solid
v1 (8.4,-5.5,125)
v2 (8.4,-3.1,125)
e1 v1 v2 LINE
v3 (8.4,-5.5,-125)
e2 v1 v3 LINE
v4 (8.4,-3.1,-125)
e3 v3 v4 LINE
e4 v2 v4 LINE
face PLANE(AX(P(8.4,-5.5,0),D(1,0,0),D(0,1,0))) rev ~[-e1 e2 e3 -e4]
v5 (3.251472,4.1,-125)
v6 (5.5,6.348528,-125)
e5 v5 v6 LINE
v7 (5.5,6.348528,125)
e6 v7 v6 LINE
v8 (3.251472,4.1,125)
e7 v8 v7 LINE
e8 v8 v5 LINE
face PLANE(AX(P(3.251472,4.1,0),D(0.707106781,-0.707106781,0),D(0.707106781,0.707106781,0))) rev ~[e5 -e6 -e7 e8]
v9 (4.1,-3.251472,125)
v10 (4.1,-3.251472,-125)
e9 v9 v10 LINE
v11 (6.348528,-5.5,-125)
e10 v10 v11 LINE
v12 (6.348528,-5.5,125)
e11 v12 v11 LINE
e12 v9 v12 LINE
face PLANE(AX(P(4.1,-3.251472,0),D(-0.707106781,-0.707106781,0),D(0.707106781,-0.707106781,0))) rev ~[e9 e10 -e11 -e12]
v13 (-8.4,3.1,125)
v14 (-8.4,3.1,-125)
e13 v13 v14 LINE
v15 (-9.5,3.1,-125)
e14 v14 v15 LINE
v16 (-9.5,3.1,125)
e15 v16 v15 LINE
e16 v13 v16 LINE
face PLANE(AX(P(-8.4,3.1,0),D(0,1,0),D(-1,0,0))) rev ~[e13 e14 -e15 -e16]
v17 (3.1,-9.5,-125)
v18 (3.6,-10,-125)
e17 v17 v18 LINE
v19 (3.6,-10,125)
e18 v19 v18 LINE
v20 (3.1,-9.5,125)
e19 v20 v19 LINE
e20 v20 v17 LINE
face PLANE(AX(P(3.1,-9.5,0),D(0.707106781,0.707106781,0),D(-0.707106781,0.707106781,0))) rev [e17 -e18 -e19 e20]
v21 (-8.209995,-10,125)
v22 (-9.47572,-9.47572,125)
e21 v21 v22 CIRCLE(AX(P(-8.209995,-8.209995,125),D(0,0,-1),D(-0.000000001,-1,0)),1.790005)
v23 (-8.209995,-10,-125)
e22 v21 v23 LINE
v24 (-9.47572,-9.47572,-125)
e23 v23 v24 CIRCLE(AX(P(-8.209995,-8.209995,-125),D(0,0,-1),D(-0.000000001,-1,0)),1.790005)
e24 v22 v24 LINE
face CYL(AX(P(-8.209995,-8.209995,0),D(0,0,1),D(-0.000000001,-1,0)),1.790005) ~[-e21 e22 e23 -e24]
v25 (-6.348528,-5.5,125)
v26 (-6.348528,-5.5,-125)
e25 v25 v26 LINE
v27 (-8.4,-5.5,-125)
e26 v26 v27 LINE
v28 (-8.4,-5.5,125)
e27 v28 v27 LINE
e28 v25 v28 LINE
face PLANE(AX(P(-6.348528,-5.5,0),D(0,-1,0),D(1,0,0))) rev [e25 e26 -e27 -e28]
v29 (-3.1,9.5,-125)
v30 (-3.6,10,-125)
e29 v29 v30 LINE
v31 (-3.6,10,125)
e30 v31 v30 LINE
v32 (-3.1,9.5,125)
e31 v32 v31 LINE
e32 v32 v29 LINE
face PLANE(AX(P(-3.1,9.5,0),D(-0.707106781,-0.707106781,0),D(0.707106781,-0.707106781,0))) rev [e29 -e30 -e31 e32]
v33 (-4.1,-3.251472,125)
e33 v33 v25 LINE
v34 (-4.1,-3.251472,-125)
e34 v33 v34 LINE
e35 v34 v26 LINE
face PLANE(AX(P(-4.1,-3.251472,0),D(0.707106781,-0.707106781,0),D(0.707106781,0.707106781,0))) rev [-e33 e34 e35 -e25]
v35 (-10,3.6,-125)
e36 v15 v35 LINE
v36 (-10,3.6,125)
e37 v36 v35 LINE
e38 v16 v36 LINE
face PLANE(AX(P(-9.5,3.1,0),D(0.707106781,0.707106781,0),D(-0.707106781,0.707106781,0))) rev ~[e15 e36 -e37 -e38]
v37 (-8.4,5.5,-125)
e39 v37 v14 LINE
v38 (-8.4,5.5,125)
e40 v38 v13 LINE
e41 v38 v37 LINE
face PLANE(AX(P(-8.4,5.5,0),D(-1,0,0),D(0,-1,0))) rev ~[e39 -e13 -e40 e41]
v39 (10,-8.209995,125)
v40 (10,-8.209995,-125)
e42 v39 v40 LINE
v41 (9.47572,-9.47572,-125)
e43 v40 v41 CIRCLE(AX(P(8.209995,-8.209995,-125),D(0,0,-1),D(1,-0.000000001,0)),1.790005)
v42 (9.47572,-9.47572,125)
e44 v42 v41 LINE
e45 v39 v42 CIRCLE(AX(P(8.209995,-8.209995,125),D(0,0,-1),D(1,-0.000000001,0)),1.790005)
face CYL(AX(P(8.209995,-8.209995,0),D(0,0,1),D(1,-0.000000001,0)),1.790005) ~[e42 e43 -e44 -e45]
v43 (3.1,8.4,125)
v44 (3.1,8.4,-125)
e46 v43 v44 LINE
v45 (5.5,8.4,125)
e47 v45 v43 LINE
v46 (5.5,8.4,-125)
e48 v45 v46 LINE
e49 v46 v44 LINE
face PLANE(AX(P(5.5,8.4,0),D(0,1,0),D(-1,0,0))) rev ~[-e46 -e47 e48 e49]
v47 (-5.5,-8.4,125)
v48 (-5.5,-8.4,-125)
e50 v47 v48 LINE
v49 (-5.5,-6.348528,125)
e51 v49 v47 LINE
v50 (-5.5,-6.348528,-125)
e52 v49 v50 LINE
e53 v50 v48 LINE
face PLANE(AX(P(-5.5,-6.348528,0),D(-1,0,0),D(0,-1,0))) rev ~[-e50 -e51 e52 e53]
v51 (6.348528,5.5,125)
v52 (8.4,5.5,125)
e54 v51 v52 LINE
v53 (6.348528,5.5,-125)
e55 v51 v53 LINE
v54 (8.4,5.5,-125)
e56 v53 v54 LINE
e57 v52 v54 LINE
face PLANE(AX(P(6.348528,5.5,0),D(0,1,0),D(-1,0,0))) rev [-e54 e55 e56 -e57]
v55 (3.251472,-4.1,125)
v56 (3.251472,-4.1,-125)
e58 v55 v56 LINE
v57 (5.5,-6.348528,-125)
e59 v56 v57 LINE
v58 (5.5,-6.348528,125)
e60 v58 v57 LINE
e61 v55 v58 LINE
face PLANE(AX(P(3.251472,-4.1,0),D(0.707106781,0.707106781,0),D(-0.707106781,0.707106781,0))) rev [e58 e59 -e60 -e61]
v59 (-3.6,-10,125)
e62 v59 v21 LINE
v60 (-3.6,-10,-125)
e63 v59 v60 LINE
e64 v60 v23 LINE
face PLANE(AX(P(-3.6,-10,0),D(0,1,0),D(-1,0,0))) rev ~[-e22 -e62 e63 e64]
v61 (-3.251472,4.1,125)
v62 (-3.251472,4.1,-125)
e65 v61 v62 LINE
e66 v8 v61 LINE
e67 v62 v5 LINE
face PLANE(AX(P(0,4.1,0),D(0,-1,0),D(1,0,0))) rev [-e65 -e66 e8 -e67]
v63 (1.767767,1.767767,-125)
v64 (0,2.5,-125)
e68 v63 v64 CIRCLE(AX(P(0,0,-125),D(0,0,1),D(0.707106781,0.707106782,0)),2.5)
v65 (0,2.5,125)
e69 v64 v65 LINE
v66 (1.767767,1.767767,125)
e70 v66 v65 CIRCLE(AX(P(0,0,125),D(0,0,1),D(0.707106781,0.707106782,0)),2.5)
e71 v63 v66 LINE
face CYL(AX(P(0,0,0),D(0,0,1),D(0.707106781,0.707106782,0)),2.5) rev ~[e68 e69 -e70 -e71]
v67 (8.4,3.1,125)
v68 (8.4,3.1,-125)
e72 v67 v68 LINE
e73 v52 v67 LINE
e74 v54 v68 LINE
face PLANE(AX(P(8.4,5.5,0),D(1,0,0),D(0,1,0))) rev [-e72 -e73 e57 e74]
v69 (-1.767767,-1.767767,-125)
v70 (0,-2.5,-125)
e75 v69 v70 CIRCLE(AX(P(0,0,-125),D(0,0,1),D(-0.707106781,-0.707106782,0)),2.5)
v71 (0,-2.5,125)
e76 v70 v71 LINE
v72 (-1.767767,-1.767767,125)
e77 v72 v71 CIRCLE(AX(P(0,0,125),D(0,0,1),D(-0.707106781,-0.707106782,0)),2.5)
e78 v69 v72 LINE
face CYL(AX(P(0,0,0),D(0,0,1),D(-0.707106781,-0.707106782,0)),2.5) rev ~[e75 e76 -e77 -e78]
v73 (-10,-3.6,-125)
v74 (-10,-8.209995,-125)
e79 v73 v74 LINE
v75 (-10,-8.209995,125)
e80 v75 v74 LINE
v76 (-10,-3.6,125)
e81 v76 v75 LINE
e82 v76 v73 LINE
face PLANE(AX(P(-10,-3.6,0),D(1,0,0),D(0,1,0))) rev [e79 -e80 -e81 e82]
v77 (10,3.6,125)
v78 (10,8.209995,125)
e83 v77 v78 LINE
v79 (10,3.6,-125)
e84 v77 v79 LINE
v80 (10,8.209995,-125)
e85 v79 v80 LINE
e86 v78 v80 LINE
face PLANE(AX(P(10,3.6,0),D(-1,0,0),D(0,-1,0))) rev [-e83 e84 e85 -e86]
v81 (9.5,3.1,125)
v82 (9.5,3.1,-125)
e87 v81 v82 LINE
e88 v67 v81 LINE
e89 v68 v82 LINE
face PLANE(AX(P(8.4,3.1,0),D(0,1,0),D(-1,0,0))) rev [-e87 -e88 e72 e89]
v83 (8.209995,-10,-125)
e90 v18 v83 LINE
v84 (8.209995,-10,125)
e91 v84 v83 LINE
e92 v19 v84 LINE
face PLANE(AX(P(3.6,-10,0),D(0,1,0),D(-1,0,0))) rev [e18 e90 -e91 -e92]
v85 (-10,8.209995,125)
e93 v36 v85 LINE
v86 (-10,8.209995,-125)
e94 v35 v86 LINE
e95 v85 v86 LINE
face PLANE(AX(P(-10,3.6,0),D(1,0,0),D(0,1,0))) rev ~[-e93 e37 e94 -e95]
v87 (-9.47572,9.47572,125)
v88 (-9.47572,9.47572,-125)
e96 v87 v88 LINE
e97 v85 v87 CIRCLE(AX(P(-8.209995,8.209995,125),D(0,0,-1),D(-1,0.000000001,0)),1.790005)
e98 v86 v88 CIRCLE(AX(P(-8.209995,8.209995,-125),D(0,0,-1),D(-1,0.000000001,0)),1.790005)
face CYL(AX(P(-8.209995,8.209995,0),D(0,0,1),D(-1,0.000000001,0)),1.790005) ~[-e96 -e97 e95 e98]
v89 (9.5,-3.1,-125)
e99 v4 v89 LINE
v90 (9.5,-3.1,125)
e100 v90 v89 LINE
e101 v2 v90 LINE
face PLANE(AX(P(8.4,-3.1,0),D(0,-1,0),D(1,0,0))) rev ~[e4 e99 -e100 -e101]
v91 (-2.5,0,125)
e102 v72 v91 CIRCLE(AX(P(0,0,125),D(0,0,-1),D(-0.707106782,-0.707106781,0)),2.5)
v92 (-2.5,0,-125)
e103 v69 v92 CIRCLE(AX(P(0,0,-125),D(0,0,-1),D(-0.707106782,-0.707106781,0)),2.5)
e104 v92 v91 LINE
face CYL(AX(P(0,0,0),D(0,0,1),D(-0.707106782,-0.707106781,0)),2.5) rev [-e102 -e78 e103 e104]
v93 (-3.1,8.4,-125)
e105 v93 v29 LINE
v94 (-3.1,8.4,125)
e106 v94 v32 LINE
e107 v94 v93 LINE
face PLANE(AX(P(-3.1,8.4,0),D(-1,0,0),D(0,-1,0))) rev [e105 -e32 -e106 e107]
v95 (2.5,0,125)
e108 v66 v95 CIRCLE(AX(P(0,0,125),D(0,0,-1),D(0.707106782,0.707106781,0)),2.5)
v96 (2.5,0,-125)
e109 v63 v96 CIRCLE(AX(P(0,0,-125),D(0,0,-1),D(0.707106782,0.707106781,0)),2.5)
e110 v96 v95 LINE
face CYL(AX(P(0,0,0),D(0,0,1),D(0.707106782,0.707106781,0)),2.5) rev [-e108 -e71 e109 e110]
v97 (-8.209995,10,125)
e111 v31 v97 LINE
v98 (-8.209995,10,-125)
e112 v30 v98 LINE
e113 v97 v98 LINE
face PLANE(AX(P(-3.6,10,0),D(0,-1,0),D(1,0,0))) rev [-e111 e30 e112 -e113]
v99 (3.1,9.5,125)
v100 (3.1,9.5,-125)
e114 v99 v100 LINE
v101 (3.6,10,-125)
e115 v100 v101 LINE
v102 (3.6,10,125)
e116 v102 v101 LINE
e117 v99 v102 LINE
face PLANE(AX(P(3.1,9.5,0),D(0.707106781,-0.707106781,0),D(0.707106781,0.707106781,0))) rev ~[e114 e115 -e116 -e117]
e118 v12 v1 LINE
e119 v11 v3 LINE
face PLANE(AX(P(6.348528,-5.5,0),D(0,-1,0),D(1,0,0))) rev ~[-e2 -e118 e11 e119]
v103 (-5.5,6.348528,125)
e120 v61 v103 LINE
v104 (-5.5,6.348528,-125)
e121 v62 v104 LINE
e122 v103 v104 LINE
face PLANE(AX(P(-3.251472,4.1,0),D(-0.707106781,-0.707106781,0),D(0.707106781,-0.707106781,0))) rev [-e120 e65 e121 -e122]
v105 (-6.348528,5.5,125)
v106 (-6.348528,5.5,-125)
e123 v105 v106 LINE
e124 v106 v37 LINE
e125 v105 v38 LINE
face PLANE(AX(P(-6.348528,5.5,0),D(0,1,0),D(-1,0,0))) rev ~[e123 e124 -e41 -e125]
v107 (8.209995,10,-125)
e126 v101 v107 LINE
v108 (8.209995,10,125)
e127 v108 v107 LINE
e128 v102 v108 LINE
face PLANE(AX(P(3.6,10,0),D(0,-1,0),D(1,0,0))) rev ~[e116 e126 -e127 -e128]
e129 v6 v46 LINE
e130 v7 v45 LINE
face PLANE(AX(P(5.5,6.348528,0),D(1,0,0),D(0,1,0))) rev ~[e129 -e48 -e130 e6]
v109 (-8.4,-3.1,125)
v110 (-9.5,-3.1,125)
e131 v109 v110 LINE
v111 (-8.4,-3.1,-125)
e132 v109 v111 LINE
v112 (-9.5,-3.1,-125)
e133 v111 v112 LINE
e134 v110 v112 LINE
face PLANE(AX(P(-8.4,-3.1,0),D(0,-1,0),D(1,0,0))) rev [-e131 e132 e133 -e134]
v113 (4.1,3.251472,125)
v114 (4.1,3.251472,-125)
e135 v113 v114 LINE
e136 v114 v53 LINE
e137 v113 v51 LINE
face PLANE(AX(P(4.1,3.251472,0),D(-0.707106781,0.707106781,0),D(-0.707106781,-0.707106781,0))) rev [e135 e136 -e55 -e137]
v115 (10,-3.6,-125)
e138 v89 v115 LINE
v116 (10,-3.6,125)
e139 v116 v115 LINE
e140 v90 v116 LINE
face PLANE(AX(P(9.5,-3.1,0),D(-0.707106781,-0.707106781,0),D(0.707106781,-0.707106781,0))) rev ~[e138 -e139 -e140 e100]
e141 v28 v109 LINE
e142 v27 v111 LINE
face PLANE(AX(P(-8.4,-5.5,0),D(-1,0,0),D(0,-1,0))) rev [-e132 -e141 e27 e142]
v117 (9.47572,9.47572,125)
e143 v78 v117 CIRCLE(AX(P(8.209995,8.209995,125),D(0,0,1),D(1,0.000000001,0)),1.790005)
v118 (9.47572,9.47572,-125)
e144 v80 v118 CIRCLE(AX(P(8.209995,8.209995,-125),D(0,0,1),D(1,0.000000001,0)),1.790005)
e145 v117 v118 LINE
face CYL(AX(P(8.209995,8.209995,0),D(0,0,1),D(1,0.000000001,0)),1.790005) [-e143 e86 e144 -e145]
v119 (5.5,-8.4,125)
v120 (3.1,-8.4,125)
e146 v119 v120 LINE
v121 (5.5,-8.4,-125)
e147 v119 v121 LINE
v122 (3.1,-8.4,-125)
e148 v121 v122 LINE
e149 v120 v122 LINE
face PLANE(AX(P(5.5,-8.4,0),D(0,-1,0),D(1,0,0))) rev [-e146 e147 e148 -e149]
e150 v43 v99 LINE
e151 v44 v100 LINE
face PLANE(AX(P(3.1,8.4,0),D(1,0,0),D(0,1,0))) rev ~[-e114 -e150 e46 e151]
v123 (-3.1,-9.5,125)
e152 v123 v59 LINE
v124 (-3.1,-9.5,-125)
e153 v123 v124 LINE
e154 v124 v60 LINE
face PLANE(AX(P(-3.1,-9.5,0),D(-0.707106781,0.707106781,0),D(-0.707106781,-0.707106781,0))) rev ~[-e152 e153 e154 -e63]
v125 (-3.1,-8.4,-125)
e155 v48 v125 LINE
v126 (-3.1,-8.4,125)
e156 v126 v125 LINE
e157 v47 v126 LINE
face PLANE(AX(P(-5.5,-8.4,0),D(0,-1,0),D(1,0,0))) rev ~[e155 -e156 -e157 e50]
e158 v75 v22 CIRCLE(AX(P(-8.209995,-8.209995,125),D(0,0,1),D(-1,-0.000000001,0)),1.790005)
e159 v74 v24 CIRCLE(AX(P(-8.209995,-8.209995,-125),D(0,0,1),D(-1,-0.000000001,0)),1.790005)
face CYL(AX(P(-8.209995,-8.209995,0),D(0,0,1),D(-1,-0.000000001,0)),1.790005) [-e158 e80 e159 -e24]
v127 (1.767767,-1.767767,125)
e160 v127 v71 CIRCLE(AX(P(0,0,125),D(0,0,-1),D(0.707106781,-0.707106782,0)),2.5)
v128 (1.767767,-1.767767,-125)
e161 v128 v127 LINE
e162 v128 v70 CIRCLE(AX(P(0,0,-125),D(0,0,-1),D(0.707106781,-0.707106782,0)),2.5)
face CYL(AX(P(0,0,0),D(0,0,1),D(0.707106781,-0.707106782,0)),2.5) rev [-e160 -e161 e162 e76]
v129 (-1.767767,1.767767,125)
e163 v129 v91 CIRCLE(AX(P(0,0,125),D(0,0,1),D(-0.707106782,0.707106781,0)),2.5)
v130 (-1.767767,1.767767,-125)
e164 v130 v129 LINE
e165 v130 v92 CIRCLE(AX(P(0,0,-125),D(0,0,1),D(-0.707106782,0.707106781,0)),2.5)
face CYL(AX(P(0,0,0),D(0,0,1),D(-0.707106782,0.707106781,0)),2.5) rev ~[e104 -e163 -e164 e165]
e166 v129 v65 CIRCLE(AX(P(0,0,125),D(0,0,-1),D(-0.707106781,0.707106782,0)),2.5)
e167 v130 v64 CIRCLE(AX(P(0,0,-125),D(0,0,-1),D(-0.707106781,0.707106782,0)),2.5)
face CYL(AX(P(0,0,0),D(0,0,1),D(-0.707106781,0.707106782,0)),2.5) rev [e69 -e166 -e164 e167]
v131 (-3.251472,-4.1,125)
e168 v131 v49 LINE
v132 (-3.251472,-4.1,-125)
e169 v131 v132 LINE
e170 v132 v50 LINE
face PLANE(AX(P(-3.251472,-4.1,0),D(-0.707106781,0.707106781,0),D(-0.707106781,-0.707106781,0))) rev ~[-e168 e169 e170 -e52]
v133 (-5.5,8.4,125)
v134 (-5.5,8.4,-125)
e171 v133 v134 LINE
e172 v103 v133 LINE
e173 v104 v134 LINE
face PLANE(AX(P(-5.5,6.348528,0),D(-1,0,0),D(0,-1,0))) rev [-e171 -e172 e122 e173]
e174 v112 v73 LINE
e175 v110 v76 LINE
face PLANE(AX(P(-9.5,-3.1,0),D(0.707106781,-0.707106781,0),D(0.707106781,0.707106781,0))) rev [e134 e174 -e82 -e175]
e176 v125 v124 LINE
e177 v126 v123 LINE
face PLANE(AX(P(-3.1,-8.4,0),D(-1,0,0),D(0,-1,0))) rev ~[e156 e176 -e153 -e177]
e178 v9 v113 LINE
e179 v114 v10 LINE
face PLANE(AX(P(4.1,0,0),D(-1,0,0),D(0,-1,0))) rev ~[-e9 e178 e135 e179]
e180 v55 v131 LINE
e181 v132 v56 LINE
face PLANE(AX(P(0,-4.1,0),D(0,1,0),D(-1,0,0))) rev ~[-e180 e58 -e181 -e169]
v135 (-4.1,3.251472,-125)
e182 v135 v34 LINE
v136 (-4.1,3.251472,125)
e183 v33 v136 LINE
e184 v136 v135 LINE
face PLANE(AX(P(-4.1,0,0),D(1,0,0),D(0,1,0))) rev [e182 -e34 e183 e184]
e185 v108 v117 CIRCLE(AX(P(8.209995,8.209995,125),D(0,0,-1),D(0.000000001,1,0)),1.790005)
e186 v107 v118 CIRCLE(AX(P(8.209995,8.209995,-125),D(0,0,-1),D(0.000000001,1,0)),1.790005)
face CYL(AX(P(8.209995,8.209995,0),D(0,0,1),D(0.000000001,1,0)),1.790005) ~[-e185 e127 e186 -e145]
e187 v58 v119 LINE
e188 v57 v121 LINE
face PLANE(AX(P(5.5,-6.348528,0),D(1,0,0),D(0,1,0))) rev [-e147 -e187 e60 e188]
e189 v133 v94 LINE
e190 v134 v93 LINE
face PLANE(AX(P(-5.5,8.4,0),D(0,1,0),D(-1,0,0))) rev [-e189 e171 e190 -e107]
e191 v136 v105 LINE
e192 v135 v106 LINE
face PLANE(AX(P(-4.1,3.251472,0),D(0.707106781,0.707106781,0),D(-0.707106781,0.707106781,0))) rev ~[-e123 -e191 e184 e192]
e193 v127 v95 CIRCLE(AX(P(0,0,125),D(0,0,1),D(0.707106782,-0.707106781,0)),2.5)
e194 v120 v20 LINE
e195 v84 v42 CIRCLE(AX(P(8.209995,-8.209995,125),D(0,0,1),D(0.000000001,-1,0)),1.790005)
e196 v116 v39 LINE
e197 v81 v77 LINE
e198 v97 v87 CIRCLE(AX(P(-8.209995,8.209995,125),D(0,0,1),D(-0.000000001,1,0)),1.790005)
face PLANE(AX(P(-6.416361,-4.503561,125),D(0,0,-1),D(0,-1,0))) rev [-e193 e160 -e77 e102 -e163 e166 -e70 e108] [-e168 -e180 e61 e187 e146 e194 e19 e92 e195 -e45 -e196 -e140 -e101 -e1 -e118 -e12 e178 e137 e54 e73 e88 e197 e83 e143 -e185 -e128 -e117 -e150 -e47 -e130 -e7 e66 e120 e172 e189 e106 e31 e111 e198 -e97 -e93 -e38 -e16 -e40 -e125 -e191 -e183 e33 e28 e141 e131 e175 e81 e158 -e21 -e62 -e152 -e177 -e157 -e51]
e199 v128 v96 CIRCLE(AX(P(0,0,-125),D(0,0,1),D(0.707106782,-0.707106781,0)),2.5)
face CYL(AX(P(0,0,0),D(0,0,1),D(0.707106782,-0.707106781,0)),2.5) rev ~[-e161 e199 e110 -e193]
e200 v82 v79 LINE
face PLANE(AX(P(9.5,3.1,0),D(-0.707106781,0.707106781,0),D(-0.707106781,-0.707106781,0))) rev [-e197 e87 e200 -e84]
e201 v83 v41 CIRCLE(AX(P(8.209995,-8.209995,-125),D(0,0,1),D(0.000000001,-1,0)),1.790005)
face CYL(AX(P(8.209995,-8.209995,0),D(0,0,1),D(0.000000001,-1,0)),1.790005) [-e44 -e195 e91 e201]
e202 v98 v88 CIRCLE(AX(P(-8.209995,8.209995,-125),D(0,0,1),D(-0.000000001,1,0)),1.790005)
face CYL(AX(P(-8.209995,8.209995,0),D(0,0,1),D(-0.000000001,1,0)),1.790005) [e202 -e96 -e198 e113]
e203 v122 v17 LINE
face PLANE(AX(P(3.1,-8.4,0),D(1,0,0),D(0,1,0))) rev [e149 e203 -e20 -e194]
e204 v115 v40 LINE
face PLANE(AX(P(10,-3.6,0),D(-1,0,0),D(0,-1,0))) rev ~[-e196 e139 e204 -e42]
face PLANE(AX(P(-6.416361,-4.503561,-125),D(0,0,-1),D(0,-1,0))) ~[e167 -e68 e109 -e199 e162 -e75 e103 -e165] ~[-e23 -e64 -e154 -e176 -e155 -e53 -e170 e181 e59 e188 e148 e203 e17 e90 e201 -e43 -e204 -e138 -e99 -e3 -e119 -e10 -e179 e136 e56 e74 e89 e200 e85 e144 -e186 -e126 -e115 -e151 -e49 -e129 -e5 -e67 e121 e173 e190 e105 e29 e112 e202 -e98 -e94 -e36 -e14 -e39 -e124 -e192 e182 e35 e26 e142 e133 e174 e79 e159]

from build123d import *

# Parameters (mm, degrees)
BOSS_EXTRUDE1_DEPTH = 125


with BuildPart() as part:
    # Sketch1 → Boss-Extrude1 (new, symmetric)
    with BuildSketch(Plane.XY):
        with BuildLine():
            Line((0, 4.1), (3.251471863, 4.1))
            Line((3.251471863, 4.1), (5.5, 6.348528137))
            Line((5.5, 6.348528137), (5.5, 8.4))
            Line((5.5, 8.4), (3.1, 8.4))
            Line((3.1, 8.4), (3.1, 9.5))
            Line((3.1, 9.5), (3.6, 10))
            Line((3.6, 10), (8.209994734, 10))
            ThreePointArc((8.209994734, 10), (8.895000093, 9.863743962), (9.475719596, 9.475719596))
            Line((9.475719596, 9.475719596), (1.767766953, 1.767766953))
            ThreePointArc((1.767766953, 1.767766953), (0.956708581, 2.309698831), (0, 2.5))
            Line((0, 2.5), (0, 4.1))
        make_face()
    extrude(amount=BOSS_EXTRUDE1_DEPTH, both=True)

    # Mirror1: part across plane


with BuildPart() as part_1:
    add(part.part)
    add(part.part.mirror(Plane(origin=(1.767766953, 1.767766953, 125), x_dir=(0, 0, 1), z_dir=(-0.7071067811865499, 0.7071067811865451, 0))))

    # Mirror2: part across plane


with BuildPart() as part_2:
    add(part_1.part)
    add(part_1.part.mirror(Plane(origin=(0, 4.1, 125), x_dir=(0, 0, 1), z_dir=(1, 0, 0))))

    # Mirror3: part across plane


with BuildPart() as part_3:
    add(part_2.part)
    add(part_2.part.mirror(Plane(origin=(-4.1, 0, 125), x_dir=(0, 0, 1), z_dir=(0, 1, 0))))


solid = part_3.part
